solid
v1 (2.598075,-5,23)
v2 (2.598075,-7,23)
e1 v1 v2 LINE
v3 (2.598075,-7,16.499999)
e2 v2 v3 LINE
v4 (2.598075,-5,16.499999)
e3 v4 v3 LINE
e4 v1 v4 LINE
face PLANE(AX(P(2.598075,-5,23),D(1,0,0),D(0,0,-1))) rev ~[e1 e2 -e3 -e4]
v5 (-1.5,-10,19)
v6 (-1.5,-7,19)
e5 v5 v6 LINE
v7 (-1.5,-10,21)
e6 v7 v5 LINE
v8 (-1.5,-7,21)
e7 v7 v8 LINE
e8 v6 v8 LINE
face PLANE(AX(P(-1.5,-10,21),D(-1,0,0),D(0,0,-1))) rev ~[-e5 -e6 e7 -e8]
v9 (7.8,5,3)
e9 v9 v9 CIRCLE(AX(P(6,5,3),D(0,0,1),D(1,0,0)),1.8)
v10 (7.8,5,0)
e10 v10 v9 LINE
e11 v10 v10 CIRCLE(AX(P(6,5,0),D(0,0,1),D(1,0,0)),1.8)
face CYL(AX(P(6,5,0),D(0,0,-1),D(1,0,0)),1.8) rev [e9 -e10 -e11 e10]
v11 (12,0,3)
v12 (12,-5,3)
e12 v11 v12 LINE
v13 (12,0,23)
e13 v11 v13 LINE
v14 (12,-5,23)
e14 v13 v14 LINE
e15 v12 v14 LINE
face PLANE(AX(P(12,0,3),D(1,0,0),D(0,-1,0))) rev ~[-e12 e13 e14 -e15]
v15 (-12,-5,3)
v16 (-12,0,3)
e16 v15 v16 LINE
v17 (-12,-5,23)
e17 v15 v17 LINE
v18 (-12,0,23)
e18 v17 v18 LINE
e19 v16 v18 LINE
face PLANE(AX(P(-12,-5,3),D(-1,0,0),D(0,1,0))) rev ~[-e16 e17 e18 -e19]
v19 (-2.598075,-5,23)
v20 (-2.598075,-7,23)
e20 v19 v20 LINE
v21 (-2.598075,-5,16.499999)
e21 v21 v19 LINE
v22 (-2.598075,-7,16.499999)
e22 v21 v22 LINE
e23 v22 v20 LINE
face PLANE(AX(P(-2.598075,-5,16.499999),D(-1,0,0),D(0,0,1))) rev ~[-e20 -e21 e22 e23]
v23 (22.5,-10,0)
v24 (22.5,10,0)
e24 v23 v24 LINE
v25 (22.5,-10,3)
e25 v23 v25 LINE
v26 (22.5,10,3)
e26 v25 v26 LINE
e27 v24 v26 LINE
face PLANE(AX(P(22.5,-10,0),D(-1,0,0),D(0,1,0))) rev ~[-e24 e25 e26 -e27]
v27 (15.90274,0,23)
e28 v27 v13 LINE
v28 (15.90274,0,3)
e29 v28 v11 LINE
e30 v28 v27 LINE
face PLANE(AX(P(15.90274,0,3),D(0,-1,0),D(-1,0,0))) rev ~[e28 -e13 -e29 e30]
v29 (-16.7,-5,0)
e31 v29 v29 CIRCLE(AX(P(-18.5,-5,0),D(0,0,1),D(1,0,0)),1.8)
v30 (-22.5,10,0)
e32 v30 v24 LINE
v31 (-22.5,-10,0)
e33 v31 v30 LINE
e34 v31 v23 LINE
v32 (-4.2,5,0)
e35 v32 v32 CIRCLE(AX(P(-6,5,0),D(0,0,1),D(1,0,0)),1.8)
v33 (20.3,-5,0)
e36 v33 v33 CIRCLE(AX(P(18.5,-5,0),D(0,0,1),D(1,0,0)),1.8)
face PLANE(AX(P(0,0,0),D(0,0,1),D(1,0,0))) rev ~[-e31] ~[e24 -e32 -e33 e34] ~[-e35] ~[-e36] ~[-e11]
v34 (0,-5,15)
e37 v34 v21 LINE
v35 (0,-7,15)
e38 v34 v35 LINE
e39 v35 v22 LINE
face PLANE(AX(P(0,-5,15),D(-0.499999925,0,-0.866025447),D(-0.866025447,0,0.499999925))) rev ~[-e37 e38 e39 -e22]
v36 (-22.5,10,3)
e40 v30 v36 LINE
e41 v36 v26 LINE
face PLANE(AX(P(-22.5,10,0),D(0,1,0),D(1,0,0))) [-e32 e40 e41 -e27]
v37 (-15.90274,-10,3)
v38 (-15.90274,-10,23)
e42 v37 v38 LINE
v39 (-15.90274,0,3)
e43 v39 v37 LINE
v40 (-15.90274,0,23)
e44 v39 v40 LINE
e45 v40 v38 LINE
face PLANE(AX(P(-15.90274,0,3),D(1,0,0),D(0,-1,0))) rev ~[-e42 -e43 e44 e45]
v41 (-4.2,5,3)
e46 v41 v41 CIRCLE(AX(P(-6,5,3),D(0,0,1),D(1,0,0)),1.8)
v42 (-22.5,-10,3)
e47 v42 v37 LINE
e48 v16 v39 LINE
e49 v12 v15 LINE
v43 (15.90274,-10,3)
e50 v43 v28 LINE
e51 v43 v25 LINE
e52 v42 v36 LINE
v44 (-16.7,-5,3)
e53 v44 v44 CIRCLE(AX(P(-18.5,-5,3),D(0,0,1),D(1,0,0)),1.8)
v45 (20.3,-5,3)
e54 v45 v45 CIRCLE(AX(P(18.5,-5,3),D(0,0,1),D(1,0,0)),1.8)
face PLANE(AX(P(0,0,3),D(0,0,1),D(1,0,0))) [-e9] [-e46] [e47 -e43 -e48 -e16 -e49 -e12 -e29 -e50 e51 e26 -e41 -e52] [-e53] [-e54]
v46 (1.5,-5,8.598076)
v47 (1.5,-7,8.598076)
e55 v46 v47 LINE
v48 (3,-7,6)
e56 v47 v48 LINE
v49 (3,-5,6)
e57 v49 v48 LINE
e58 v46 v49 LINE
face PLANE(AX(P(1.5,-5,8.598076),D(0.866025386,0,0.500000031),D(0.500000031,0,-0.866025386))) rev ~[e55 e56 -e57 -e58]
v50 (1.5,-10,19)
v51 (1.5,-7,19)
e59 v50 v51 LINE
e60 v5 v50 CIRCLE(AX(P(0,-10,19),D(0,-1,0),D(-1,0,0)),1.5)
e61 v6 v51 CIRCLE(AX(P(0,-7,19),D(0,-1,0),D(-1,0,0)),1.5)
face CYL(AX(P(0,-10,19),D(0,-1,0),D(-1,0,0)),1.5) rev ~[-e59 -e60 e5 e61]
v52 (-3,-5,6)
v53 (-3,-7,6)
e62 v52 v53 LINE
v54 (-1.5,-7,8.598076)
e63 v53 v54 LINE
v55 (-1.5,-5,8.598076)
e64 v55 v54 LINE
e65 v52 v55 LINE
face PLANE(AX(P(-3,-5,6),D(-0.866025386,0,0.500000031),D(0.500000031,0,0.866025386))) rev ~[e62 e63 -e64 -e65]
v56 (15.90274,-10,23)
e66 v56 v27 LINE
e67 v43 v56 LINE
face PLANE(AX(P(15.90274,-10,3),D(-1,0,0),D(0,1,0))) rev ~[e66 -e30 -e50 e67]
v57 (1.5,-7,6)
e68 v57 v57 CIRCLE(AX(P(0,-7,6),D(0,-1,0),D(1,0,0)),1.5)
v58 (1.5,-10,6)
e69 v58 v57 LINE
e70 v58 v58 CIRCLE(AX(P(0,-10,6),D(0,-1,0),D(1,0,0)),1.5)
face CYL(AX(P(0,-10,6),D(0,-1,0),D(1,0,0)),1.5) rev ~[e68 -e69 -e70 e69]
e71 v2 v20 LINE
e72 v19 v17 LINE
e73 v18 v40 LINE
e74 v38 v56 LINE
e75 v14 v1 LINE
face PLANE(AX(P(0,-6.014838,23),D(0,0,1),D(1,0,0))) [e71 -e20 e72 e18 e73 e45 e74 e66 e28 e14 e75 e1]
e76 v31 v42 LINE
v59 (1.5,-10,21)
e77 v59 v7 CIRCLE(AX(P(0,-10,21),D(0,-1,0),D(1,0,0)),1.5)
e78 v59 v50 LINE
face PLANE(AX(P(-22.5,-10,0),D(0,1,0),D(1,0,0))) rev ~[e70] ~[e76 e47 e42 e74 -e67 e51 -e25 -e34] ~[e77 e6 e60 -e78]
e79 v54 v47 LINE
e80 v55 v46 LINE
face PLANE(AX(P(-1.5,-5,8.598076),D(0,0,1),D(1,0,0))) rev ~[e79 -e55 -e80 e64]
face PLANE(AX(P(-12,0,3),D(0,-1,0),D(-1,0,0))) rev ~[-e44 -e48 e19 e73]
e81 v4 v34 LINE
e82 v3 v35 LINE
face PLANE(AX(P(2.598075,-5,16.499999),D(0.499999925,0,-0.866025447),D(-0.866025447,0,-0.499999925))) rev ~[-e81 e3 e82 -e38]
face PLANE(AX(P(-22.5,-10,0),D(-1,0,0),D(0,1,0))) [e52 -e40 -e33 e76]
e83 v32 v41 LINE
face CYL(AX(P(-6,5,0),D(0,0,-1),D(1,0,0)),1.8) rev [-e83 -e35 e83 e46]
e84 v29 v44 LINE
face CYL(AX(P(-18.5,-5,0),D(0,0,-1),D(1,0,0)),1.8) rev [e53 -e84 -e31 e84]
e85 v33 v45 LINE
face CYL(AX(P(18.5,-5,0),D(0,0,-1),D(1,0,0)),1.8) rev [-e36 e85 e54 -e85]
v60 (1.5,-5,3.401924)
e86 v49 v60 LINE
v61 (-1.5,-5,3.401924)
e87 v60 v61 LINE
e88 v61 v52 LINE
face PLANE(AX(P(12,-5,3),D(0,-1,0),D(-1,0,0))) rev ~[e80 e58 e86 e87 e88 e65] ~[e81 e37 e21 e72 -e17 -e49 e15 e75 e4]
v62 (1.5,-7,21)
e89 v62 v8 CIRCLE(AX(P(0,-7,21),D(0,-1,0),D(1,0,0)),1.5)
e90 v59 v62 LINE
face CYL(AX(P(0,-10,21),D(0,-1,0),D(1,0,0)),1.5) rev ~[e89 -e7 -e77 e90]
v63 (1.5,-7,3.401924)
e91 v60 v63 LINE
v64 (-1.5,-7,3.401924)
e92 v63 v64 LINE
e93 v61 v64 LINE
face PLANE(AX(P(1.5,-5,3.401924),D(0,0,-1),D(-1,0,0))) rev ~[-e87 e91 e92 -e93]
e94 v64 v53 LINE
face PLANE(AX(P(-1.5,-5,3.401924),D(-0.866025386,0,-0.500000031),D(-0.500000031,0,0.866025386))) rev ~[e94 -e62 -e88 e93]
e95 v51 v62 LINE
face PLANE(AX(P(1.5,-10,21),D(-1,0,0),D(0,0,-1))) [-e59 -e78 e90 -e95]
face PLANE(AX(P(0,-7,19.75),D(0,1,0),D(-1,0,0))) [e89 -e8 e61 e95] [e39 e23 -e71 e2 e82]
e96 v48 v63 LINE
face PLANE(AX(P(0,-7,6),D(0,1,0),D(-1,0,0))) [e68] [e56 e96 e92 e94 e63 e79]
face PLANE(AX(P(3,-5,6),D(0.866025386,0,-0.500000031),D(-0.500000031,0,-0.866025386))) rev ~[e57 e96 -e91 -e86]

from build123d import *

# Parameters (mm, degrees)
SKETCH002_R  = 1.5
PAD003_DEPTH = 5
PAD002_DEPTH = 2
SKETCH_W     = 45
SKETCH_H     = 20
SKETCH_R     = 1.8
PAD_DEPTH    = 3
PAD001_DEPTH = 20


with BuildPart() as mount:
    # Sketch002 → Pad003 (new body)
    with BuildSketch(Plane.XZ.offset(10)):
        with Locations((0, 6)):
            Circle(SKETCH002_R)
        with BuildLine():
            ThreePointArc((1.5, 21), (0, 22.5), (-1.5, 21))
            Line((-1.5, 21), (-1.5, 19))
            ThreePointArc((-1.5, 19), (0, 17.5), (1.5, 19))
            Line((1.5, 21), (1.5, 19))
        make_face()
    extrude(amount=-PAD003_DEPTH)


with BuildPart() as cutblock:
    # Sketch003 → Pad002 (new body)
    with BuildSketch(Plane(origin=(0, -5, 0), x_dir=(-1, 0, 0), z_dir=(0, 1, 0))):
        Polygon((-1.5, 3.401924), (1.5, 3.401924), (3, 6), (1.5, 8.598076), (-1.5, 8.598076), (-3, 6), align=None)
        Polygon((2.598075, 16.499999), (2.598075, 23), (0, 24.499999), (-2.598075, 23), (-2.598075, 16.499999), (0, 15), align=None)
    extrude(amount=-PAD002_DEPTH)

    # Fusion001: union Mount
    add(mount.part)


with BuildPart() as base:
    # Sketch → Pad (new body)
    with BuildSketch(Plane.XY):
        Rectangle(SKETCH_W, SKETCH_H)
        with Locations((-6, 5)):
            Circle(SKETCH_R, mode=Mode.SUBTRACT)
        with Locations((6, 5)):
            Circle(SKETCH_R, mode=Mode.SUBTRACT)
        with Locations((-18.5, -5)):
            Circle(SKETCH_R, mode=Mode.SUBTRACT)
        with Locations((18.5, -5)):
            Circle(SKETCH_R, mode=Mode.SUBTRACT)
    extrude(amount=PAD_DEPTH)


with BuildPart() as final:
    # Sketch001 → Pad001 (new body)
    with BuildSketch(Plane.XY.offset(3)):
        Polygon((-12, 0), (-15.90274, 0), (-15.90274, -10), (15.90274, -10), (15.90274, 0), (12, 0), (12, -5), (-12, -5), align=None)
    extrude(amount=PAD001_DEPTH)

    # Fusion: union Base
    add(base.part)

    # Cut: cut CutBlock
    add(cutblock.part, mode=Mode.SUBTRACT)


solid = final.part
